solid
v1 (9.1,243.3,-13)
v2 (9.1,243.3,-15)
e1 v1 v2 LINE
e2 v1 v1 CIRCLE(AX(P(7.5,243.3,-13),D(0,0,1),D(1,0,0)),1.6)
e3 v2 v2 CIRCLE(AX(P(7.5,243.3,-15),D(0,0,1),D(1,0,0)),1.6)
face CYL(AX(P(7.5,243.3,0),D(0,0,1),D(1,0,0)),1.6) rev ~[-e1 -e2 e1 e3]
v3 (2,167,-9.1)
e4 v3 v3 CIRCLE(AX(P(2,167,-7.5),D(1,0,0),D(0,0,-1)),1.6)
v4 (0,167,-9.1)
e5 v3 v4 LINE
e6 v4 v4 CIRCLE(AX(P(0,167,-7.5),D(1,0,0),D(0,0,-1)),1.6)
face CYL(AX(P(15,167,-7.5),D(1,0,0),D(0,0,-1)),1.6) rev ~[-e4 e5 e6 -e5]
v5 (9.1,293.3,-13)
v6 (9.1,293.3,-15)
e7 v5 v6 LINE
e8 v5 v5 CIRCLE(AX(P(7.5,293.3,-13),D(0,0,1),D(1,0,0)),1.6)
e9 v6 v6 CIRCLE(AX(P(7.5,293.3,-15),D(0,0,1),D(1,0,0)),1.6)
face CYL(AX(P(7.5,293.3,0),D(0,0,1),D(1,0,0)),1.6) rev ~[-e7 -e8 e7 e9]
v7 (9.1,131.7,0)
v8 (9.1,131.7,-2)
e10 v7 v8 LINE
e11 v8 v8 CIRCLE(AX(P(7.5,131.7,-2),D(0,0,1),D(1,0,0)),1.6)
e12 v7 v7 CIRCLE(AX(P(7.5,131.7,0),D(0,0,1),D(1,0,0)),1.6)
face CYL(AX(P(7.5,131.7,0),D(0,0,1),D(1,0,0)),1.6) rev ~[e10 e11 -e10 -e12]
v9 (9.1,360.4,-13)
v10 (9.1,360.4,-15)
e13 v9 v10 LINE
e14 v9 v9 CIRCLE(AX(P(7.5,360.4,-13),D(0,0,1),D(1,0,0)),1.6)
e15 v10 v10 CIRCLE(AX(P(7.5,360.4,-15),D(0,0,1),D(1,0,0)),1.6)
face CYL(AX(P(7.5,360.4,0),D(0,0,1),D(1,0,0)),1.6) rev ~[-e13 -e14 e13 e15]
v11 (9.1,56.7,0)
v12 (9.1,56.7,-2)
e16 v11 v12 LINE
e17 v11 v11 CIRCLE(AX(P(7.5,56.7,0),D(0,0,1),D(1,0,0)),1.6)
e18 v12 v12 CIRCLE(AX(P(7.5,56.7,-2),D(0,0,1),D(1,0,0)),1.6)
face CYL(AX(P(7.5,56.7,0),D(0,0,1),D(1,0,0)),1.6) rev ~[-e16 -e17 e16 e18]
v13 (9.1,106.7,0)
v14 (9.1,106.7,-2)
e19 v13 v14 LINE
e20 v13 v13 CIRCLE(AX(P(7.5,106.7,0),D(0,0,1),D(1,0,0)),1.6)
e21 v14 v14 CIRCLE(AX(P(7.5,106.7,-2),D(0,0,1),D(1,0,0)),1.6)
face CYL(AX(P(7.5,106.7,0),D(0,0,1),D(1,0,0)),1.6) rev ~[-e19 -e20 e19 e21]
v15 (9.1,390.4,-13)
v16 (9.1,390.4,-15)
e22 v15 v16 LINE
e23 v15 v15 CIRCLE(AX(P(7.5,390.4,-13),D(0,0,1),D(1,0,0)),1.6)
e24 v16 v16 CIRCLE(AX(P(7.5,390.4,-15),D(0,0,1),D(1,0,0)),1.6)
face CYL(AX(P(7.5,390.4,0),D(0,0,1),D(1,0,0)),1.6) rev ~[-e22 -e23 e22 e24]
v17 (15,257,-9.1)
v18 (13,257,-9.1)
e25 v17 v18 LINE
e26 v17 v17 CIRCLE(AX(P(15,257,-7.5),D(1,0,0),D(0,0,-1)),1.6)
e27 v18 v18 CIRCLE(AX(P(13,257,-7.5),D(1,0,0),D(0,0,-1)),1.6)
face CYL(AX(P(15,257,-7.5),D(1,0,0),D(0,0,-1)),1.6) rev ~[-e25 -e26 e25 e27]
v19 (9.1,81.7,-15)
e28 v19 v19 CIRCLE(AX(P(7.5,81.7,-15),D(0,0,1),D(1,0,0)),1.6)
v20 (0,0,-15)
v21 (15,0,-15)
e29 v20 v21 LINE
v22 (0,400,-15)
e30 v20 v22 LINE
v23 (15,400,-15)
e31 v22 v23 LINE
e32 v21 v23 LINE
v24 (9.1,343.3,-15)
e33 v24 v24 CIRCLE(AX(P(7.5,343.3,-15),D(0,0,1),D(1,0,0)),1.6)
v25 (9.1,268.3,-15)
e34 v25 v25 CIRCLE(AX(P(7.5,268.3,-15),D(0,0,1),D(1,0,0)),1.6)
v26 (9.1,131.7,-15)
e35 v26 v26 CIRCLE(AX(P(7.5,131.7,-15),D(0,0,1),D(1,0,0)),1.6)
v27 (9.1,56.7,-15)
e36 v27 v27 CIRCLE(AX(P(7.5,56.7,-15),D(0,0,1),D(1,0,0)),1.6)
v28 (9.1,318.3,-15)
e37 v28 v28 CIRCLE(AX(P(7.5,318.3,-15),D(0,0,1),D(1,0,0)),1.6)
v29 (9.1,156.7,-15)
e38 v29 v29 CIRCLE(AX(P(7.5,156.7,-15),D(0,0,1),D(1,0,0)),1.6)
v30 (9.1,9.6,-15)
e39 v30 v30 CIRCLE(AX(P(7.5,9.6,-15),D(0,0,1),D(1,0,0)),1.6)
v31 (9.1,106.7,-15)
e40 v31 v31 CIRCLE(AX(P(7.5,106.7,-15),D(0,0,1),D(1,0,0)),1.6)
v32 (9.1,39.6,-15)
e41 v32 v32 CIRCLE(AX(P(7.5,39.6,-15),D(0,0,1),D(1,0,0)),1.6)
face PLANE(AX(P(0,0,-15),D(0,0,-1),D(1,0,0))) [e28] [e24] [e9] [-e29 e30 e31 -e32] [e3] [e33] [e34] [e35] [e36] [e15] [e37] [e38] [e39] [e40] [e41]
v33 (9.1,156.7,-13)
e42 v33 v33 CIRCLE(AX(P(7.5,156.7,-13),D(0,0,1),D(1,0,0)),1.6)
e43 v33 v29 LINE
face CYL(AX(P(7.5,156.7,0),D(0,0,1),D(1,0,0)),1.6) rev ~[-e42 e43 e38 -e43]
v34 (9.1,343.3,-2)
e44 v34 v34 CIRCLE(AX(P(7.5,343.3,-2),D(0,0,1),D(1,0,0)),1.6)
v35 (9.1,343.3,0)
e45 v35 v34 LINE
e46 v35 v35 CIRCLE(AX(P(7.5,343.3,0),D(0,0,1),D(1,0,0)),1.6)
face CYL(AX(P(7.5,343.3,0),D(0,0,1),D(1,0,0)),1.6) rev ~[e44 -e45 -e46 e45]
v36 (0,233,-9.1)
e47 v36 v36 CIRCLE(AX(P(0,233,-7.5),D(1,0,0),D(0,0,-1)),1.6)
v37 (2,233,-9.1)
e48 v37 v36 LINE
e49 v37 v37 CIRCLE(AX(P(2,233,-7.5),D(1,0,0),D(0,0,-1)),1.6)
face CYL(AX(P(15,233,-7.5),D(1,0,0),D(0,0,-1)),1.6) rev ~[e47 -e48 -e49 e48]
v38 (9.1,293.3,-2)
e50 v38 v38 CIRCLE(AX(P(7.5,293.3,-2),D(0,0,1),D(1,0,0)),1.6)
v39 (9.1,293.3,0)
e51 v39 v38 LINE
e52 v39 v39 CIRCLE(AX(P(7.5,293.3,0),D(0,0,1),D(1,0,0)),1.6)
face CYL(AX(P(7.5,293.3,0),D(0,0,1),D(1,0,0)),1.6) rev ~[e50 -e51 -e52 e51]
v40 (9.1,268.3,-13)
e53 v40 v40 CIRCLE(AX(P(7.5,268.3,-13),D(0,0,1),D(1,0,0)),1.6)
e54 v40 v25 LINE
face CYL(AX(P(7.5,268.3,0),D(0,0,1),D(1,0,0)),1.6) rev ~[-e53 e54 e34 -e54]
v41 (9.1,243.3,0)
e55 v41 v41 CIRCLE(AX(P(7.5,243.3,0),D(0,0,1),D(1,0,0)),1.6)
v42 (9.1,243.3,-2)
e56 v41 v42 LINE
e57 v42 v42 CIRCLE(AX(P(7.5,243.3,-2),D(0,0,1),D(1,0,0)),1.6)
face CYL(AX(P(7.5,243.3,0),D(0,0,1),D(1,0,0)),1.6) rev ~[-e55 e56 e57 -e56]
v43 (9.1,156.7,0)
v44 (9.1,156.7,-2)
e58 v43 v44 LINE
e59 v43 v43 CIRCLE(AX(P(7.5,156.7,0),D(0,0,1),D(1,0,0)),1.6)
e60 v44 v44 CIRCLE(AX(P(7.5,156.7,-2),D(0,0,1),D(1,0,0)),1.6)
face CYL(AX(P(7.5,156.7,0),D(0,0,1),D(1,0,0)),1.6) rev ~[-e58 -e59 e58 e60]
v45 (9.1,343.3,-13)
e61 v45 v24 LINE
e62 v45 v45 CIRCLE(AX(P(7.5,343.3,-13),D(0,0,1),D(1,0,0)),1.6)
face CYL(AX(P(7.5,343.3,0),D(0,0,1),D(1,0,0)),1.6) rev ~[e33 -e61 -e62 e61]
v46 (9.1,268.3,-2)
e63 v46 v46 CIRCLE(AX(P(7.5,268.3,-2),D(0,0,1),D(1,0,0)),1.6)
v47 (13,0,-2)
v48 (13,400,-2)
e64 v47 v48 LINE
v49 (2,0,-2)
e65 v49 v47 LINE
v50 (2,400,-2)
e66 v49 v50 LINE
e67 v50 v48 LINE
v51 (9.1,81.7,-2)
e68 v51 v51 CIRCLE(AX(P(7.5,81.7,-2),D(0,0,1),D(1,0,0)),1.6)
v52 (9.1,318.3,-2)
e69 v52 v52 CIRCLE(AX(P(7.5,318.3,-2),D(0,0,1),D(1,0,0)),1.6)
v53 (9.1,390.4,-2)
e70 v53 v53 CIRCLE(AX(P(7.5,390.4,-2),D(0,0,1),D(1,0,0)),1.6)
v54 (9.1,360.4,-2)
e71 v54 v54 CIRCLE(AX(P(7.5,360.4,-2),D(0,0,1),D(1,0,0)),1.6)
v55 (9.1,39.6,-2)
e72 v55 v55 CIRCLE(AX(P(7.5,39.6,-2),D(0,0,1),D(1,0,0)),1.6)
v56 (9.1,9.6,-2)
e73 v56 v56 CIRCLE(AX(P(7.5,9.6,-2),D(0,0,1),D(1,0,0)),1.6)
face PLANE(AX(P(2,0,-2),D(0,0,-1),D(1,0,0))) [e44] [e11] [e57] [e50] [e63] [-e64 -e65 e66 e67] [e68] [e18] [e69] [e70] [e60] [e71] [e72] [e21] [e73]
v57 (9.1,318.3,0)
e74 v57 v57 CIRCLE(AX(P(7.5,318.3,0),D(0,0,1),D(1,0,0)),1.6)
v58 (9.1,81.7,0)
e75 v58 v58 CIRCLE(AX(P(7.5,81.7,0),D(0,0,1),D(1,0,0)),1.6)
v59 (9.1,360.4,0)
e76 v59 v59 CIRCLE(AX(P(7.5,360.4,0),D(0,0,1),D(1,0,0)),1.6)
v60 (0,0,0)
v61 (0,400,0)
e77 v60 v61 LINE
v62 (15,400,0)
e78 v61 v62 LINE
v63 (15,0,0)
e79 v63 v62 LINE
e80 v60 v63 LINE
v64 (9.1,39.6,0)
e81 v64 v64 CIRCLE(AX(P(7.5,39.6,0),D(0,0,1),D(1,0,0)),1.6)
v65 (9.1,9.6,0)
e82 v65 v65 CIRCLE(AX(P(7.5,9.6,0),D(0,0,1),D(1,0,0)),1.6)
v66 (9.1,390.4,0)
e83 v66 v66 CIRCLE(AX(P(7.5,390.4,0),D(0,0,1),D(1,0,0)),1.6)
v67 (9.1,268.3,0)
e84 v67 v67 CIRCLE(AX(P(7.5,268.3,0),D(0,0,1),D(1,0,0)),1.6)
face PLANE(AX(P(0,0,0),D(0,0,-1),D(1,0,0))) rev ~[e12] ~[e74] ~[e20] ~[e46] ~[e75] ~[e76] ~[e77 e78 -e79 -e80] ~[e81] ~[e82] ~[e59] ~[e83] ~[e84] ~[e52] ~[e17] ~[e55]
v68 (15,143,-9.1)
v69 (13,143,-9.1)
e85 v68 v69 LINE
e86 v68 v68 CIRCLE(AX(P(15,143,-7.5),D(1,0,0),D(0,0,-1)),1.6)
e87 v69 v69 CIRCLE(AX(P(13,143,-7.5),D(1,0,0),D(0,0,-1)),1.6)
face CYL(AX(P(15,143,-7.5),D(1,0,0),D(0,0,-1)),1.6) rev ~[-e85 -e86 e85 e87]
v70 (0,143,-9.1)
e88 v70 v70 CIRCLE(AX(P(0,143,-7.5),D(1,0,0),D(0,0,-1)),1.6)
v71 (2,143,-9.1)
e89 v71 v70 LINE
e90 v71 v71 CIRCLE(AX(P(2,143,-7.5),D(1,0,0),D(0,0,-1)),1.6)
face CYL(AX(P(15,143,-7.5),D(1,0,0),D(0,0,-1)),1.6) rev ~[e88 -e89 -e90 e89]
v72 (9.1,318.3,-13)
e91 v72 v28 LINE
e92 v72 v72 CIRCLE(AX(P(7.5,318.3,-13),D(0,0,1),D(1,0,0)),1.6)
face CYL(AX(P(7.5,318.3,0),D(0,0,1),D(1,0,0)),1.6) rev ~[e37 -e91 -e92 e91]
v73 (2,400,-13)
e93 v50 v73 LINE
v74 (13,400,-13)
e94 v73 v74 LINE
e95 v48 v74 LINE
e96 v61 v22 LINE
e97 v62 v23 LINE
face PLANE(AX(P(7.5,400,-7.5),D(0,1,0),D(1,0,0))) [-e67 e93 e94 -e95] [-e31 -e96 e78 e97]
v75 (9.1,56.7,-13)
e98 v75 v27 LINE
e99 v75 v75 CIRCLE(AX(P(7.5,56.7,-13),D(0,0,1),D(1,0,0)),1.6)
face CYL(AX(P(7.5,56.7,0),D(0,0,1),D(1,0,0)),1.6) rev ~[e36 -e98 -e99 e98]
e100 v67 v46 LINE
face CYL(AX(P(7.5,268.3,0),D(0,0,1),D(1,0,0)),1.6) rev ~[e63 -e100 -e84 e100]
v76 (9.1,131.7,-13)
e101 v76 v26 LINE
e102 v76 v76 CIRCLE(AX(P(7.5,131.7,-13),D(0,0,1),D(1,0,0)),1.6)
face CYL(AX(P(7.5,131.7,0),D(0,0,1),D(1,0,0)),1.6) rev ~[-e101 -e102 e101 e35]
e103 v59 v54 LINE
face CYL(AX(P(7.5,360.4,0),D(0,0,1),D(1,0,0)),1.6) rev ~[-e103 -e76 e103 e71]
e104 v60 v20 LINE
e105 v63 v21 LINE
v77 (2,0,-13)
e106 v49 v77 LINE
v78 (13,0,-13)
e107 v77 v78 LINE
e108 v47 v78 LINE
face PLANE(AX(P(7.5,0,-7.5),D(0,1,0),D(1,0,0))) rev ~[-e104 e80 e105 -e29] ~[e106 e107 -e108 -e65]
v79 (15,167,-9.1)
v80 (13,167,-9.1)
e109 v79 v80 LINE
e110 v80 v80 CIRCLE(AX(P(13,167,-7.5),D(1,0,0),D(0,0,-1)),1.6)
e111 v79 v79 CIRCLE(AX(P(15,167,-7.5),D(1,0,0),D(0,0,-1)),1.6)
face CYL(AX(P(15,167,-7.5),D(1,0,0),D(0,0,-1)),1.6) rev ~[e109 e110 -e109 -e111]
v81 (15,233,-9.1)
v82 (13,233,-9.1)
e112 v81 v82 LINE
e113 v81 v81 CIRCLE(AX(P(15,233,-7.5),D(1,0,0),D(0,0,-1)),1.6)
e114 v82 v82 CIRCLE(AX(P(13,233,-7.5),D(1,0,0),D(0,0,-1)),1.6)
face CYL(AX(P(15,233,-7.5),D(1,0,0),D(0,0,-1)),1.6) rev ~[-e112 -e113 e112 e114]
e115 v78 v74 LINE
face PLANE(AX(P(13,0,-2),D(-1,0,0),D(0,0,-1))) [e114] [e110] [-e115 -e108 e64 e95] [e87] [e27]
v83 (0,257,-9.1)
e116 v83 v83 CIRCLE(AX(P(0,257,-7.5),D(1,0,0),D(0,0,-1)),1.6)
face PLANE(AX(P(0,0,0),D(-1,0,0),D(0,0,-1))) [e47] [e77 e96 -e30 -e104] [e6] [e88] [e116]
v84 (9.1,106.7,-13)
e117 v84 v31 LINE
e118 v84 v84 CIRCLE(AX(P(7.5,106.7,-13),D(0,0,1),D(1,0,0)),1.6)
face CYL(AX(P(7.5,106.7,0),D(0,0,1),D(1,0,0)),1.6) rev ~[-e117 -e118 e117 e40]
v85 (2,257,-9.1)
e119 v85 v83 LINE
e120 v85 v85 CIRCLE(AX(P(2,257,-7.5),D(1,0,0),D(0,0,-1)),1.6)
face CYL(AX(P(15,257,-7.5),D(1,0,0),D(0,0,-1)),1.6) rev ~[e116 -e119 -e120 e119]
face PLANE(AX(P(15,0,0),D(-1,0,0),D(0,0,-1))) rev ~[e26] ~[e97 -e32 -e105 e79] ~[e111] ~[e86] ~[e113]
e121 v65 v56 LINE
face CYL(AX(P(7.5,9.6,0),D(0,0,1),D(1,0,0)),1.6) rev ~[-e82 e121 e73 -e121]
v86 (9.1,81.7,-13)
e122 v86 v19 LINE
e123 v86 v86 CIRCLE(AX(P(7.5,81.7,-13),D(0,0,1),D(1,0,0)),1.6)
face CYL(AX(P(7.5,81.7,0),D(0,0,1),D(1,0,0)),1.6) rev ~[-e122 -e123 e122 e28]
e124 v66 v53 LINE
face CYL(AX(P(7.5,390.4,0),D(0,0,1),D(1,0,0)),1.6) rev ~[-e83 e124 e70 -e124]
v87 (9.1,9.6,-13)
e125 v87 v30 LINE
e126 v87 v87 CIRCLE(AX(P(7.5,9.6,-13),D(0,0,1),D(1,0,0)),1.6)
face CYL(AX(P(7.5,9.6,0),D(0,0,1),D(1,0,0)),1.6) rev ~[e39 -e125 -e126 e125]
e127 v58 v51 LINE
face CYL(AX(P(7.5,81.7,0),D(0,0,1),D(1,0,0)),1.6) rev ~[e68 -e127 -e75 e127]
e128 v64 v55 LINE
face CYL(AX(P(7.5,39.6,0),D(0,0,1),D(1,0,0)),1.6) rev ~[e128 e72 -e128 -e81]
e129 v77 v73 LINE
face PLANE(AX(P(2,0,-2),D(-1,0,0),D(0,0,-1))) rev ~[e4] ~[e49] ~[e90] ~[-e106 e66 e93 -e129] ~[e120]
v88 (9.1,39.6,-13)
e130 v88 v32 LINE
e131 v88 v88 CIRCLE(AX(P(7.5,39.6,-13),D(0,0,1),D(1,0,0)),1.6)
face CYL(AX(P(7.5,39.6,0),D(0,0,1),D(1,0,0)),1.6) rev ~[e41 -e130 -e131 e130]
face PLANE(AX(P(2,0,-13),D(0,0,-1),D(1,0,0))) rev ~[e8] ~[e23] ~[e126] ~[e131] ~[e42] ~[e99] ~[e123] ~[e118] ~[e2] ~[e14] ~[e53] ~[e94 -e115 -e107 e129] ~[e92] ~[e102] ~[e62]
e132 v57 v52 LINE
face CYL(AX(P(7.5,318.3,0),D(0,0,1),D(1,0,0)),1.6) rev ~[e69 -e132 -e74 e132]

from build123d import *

# Parameters (mm, degrees)
SKETCH1_W           = 15
SKETCH1_H           = 15
SKETCH1_W_2         = 11
SKETCH1_H_2         = 11
BOSS_EXTRUDE1_DEPTH = 400
SKETCH2_R           = 1.6
CUT_EXTRUDE1_DEPTH  = 401.562105047
SKETCH3_R           = 1.6
CUT_EXTRUDE2_DEPTH  = 401.562105047


with BuildPart() as part:
    # Sketch1 → Boss-Extrude1 (new body)
    with BuildSketch(Plane(origin=(0, 0, 0), x_dir=(1, 0, 0), z_dir=(0, 1, 0))):
        with Locations((7.5, 7.5)):
            Rectangle(SKETCH1_W, SKETCH1_H)
        with Locations((7.5, 7.5)):
            Rectangle(SKETCH1_W_2, SKETCH1_H_2, mode=Mode.SUBTRACT)
    extrude(amount=BOSS_EXTRUDE1_DEPTH)

    # Sketch2 → Cut-Extrude1 (cut, through all)
    with BuildSketch(Plane.XY):
        with Locations((7.5, 9.6)):
            Circle(SKETCH2_R)
        with Locations((7.5, 39.6)):
            Circle(SKETCH2_R)
        with Locations((7.5, 56.7)):
            Circle(SKETCH2_R)
        with Locations((7.5, 81.7)):
            Circle(SKETCH2_R)
        with Locations((7.5, 106.7)):
            Circle(SKETCH2_R)
        with Locations((7.5, 131.7)):
            Circle(SKETCH2_R)
        with Locations((7.5, 156.7)):
            Circle(SKETCH2_R)
        with Locations((7.5, 243.3)):
            Circle(SKETCH2_R)
        with Locations((7.5, 268.3)):
            Circle(SKETCH2_R)
        with Locations((7.5, 293.3)):
            Circle(SKETCH2_R)
        with Locations((7.5, 318.3)):
            Circle(SKETCH2_R)
        with Locations((7.5, 343.3)):
            Circle(SKETCH2_R)
        with Locations((7.5, 360.4)):
            Circle(SKETCH2_R)
        with Locations((7.5, 390.4)):
            Circle(SKETCH2_R)
    extrude(amount=-CUT_EXTRUDE1_DEPTH, mode=Mode.SUBTRACT)

    # Sketch3 → Cut-Extrude2 (cut, through all)
    with BuildSketch(Plane(origin=(15, 0, 0), x_dir=(0, 0, -1), z_dir=(1, 0, 0))):
        with Locations((7.5, 143)):
            Circle(SKETCH3_R)
        with Locations((7.5, 167)):
            Circle(SKETCH3_R)
        with Locations((7.5, 233)):
            Circle(SKETCH3_R)
        with Locations((7.5, 257)):
            Circle(SKETCH3_R)
    extrude(amount=-CUT_EXTRUDE2_DEPTH, mode=Mode.SUBTRACT)


solid = part.part
